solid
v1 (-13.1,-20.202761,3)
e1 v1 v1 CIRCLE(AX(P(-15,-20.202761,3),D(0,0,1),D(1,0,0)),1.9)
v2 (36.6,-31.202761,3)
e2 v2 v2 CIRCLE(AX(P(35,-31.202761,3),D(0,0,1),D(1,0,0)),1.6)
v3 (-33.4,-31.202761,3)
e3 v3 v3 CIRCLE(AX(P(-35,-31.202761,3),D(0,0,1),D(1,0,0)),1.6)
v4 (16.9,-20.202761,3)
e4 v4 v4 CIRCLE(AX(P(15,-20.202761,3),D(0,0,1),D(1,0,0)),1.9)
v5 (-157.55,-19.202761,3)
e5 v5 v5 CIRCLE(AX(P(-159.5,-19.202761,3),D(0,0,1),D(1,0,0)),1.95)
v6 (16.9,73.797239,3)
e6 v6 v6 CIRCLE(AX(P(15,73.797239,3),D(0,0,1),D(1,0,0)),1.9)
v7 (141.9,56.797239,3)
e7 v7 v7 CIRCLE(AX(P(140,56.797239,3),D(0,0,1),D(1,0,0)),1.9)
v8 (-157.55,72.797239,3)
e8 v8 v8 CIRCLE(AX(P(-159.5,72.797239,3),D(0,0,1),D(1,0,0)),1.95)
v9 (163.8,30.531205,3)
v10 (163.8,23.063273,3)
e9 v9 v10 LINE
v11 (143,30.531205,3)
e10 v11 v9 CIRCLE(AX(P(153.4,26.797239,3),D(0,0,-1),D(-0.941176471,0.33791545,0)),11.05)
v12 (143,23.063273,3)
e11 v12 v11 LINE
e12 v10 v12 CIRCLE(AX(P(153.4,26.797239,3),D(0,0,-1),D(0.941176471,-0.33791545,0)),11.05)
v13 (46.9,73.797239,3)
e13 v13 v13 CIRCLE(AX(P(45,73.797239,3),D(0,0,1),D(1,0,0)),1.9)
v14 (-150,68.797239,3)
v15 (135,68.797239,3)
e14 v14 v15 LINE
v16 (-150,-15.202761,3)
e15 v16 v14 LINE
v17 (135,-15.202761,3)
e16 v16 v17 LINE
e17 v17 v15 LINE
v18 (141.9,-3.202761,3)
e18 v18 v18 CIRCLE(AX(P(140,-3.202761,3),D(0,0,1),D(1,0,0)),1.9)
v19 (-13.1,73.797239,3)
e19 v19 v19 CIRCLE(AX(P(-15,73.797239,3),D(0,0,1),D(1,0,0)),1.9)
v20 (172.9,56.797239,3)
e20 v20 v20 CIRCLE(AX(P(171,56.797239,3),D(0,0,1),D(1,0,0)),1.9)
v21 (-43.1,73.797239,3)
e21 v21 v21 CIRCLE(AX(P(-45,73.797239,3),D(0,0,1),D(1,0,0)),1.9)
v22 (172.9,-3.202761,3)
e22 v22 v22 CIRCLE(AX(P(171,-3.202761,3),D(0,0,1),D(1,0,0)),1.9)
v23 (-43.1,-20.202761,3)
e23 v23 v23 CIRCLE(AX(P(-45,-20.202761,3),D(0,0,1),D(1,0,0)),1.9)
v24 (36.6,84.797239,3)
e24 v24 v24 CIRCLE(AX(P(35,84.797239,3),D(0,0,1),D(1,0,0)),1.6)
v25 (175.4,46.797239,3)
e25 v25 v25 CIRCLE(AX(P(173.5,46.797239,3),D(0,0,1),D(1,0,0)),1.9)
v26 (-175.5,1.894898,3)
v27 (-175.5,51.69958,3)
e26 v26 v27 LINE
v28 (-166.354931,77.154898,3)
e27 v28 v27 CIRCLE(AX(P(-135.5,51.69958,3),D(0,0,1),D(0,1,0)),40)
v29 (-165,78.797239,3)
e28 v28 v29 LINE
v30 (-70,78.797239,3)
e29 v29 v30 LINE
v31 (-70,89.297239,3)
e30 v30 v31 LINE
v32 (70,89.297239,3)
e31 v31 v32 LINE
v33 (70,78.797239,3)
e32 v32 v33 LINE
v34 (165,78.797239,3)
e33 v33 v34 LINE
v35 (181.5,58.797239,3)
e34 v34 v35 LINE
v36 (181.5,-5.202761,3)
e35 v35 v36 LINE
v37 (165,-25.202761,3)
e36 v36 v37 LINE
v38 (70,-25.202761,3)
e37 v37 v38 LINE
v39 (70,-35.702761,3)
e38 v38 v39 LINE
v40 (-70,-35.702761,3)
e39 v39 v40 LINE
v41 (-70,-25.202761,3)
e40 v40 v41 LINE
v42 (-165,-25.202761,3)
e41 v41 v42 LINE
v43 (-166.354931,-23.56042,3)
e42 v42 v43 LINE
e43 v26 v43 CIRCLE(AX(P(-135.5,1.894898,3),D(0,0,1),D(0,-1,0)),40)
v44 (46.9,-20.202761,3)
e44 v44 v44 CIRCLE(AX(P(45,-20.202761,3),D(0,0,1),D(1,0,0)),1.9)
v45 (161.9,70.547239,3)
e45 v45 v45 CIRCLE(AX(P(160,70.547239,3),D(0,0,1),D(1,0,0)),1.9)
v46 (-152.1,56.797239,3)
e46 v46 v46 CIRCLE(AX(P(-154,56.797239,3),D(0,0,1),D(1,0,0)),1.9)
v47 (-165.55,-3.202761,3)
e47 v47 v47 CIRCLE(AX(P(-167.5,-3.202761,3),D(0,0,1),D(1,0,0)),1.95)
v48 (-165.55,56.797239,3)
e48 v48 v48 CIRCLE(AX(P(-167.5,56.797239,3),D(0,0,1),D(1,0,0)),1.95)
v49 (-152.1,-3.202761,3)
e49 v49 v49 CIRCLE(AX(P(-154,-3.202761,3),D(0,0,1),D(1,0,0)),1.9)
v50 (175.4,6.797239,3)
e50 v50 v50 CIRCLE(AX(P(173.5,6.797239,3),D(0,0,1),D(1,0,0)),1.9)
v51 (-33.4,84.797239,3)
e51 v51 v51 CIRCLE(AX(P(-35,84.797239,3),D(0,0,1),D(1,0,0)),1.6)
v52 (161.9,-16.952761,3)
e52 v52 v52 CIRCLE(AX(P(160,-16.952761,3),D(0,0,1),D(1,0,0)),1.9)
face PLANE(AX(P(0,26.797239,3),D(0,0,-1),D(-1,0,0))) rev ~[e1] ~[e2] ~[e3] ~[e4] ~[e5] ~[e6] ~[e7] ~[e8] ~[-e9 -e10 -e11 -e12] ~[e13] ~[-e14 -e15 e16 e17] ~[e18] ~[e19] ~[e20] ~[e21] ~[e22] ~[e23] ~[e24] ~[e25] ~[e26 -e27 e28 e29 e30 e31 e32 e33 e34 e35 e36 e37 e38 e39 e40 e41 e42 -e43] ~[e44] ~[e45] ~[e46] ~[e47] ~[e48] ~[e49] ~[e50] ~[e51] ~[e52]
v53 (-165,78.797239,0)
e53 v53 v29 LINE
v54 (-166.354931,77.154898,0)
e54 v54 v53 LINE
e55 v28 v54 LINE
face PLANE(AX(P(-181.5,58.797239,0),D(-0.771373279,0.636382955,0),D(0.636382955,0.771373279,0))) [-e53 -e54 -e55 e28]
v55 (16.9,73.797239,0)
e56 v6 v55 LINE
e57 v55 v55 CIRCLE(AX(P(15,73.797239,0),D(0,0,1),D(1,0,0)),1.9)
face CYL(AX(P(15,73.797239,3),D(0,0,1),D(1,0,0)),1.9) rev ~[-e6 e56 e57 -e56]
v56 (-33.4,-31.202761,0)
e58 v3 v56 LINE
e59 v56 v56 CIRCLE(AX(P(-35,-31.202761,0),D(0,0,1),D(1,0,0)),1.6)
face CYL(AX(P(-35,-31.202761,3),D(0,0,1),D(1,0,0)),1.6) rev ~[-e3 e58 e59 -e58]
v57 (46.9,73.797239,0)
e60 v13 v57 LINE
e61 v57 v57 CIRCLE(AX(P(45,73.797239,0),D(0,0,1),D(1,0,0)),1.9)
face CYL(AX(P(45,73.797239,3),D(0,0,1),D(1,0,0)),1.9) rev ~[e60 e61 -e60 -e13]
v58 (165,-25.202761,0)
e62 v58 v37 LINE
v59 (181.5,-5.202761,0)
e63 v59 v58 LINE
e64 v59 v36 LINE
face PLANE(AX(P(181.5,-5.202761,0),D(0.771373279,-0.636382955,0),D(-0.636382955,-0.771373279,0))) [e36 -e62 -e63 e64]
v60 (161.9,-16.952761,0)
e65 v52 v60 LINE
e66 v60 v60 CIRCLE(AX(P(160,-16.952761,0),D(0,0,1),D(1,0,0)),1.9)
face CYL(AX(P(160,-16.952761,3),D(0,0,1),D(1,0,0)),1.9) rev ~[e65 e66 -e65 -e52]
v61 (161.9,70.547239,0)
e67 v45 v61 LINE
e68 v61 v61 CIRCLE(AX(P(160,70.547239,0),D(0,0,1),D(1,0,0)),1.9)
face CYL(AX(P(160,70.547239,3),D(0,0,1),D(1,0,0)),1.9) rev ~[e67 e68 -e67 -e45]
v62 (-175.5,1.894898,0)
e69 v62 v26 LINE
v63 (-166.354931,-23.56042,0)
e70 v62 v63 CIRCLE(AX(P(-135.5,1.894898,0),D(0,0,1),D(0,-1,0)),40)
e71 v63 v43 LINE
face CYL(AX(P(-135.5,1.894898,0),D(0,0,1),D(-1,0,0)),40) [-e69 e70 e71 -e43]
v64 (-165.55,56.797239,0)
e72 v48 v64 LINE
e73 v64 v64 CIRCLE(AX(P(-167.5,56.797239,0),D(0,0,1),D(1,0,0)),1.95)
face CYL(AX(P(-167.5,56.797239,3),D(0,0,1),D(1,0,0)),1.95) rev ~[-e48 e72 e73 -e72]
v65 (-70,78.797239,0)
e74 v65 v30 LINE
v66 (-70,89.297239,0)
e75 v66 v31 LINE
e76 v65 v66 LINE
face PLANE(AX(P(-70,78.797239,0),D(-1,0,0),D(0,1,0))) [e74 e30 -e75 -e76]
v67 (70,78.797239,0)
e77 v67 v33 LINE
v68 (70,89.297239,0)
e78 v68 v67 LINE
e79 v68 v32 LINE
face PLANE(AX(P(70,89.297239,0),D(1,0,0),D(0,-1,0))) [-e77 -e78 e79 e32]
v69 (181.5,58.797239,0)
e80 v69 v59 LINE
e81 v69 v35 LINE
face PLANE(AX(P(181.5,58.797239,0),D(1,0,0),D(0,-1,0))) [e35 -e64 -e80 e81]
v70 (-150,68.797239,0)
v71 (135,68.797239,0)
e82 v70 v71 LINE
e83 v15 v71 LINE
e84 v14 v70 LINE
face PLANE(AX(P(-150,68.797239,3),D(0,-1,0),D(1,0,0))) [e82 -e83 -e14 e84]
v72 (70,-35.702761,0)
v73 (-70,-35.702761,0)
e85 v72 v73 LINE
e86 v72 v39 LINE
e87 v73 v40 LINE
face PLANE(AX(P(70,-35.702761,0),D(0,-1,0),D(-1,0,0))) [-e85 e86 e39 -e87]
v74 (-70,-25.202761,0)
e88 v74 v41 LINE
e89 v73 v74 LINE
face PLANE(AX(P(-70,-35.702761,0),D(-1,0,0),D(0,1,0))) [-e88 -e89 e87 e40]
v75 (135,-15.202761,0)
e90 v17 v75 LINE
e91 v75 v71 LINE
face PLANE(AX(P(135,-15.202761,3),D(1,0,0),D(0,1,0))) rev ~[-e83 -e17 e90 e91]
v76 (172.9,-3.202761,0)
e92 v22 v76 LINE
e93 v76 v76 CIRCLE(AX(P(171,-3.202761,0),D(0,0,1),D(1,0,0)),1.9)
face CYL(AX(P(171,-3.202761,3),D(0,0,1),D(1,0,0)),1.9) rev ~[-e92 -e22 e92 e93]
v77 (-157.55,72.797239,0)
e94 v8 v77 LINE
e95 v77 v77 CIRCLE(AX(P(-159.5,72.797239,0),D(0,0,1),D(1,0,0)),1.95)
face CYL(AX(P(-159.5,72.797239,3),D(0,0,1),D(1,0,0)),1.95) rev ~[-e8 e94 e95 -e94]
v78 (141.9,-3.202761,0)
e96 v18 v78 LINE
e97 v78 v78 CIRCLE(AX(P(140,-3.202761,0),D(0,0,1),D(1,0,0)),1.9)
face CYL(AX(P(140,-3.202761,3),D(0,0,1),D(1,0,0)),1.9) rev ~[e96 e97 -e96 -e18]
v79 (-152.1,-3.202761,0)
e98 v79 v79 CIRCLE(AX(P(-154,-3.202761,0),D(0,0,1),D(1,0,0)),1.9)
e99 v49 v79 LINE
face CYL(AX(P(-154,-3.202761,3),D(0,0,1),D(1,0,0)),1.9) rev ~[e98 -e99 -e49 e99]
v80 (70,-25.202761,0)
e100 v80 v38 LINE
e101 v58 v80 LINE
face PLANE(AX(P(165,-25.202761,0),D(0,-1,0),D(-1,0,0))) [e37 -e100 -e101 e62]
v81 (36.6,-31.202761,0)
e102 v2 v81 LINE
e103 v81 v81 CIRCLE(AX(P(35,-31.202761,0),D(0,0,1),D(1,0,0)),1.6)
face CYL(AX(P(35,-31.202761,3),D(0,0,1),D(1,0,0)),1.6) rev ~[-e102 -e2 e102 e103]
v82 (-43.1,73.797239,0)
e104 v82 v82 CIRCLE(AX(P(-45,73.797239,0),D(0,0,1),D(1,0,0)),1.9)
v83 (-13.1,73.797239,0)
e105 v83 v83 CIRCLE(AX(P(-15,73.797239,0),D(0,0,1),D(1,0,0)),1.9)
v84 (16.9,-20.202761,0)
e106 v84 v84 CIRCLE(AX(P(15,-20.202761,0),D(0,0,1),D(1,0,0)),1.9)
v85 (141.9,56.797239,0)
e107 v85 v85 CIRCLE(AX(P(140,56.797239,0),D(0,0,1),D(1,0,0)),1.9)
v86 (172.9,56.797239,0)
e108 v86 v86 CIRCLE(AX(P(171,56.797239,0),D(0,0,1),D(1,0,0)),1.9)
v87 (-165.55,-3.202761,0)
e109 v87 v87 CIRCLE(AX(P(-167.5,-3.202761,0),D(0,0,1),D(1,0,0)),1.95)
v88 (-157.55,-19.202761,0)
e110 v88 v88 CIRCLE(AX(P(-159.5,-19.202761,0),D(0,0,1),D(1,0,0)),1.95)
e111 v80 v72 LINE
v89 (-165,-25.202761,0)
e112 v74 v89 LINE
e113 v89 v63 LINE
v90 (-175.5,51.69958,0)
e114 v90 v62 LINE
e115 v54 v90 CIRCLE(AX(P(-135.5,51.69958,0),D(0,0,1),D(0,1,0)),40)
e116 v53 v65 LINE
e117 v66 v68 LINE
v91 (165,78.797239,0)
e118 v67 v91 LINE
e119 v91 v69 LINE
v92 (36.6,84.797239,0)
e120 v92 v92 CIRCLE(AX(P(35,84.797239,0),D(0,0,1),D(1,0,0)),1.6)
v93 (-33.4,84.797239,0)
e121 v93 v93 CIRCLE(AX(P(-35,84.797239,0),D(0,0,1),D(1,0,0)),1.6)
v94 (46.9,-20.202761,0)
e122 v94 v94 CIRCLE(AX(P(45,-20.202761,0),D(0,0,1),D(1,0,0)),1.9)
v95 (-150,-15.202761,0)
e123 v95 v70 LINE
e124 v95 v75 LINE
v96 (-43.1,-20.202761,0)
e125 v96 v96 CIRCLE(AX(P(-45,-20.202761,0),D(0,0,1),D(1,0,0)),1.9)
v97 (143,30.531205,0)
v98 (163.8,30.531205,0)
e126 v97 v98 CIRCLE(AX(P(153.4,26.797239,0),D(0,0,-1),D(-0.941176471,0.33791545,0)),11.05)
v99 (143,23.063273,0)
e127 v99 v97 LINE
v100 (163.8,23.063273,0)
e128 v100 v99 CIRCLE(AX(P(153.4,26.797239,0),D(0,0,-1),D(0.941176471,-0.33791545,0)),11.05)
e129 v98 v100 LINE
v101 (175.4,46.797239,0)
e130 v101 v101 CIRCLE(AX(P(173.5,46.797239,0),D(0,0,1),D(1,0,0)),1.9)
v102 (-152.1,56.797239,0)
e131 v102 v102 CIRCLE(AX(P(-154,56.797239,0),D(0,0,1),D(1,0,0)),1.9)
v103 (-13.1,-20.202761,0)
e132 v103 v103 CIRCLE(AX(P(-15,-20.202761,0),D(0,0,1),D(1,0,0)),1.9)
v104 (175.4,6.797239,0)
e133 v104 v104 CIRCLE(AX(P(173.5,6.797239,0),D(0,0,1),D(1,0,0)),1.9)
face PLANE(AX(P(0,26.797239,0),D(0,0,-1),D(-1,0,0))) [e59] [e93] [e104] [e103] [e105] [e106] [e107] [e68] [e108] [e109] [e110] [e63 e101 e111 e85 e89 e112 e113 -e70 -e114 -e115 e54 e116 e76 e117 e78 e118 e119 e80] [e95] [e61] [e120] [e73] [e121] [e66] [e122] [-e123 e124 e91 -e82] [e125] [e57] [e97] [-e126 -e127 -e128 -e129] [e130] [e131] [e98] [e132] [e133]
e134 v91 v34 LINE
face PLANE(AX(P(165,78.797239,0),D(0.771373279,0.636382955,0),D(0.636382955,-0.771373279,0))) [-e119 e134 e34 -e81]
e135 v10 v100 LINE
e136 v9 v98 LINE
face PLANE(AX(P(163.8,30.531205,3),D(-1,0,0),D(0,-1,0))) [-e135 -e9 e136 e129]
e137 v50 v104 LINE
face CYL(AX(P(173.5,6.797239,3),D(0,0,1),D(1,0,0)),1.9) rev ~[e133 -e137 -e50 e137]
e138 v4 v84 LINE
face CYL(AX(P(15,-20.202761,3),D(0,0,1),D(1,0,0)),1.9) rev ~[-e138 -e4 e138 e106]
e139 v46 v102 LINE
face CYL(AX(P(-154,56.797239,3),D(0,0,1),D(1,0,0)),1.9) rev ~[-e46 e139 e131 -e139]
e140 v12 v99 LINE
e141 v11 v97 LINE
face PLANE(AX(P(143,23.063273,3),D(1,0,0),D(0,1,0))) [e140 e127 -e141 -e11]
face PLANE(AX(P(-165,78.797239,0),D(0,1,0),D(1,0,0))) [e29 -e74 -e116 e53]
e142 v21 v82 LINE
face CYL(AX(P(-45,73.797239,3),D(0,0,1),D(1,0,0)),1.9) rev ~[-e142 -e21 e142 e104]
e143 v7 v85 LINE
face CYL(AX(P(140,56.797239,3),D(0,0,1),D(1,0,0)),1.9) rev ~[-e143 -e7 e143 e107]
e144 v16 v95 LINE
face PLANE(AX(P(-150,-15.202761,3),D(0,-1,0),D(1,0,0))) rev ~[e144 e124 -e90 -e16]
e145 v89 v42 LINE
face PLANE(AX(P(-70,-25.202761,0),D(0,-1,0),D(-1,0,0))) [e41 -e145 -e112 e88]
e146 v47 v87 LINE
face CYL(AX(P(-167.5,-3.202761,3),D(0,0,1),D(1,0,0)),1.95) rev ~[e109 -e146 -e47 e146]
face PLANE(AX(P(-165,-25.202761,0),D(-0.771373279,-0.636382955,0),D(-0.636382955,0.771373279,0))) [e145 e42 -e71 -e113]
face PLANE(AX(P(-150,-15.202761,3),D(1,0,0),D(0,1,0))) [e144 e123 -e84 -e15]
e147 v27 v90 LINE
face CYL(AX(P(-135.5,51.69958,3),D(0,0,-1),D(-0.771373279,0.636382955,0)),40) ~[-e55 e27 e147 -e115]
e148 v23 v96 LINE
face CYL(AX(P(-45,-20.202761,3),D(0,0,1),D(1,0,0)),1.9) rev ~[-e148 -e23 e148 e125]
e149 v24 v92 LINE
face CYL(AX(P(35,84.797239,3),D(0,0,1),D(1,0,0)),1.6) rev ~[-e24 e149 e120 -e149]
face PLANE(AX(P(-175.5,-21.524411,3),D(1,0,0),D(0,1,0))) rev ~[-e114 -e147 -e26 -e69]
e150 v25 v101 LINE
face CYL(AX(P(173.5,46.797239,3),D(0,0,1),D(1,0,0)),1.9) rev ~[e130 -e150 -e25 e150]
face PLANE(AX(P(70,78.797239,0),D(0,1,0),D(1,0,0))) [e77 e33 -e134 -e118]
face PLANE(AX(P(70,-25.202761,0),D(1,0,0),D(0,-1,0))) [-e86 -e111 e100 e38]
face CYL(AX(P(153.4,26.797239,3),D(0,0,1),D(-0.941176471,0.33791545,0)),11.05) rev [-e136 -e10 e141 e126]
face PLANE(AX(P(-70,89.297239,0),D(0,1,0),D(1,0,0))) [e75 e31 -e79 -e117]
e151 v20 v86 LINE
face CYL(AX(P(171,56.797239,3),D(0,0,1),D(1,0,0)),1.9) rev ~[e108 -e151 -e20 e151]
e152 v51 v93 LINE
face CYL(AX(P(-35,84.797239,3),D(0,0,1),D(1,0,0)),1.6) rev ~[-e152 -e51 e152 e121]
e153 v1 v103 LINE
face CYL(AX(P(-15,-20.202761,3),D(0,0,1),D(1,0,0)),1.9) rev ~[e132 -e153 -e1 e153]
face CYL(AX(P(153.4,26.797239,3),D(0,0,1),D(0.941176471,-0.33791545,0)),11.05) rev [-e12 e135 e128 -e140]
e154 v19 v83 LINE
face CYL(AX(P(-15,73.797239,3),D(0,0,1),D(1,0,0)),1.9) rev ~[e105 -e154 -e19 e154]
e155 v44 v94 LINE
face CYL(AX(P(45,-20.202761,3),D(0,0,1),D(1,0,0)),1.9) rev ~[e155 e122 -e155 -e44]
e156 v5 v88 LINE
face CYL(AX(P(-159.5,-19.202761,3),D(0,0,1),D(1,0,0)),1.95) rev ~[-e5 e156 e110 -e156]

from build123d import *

# Parameters (mm, degrees)
BOSS_EXTRUDE1_DEPTH            = 3
SKETCH2_W                      = 285
SKETCH2_H                      = 84
CUT_EXTRUDE1_DEPTH             = 3
SKETCH3_R                      = 1.95
SKETCH3_R_2                    = 1.6
CUT_EXTRUDE2_DEPTH             = 3
CUT_EXTRUDE3_DEPTH             = 3
SKETCH5_R                      = 1.9
CUT_EXTRUDE4_DEPTH             = 3
SKETCH7_W                      = 36.585559037
SKETCH7_H                      = 111.194930045
CUT_EXTRUDE5_DEPTH             = 10
FILLET1_R                      = 40
SKETCH6_R                      = 1.9
EXPANSION_MOUNTING_HOLES_DEPTH = 10


with BuildPart() as part:
    # Sketch1 → Boss-Extrude1 (new body)
    with BuildSketch(Plane.XY):
        Polygon((-70, 89.297239119), (70, 89.297239119), (70, 78.797239119), (165, 78.797239119), (181.5, 58.797239119), (181.5, -5.202760881), (165, -25.202760881), (70, -25.202760881), (70, -35.702760881), (-70, -35.702760881), (-70, -25.202760881), (-165, -25.202760881), (-181.5, -5.202760881), (-181.5, 58.797239119), (-165, 78.797239119), (-70, 78.797239119), align=None)
    extrude(amount=BOSS_EXTRUDE1_DEPTH)

    # Sketch2 → Cut-Extrude1 (cut)
    with BuildSketch(Plane.XY.offset(3)):
        with Locations((-7.5, 26.797239119)):
            Rectangle(SKETCH2_W, SKETCH2_H)
    extrude(amount=-CUT_EXTRUDE1_DEPTH, mode=Mode.SUBTRACT)

    # Sketch3 → Cut-Extrude2 (cut)
    with BuildSketch(Plane.XY.offset(3)):
        with Locations((-167.5, -3.202760881)):
            Circle(SKETCH3_R)
        with Locations((-167.5, 56.797239119)):
            Circle(SKETCH3_R)
        with Locations((-35, -31.202760881)):
            Circle(SKETCH3_R_2)
        with Locations((35, -31.202760881)):
            Circle(SKETCH3_R_2)
        with Locations((-35, 84.797239119)):
            Circle(SKETCH3_R_2)
        with Locations((35, 84.797239119)):
            Circle(SKETCH3_R_2)
        with Locations((-159.5, 72.797239119)):
            Circle(SKETCH3_R)
        with Locations((-159.5, -19.202760881)):
            Circle(SKETCH3_R)
    extrude(amount=-CUT_EXTRUDE2_DEPTH, mode=Mode.SUBTRACT)

    # Sketch4 → Cut-Extrude3 (cut)
    with BuildSketch(Plane.XY.offset(3)):
        with BuildLine():
            Line((163.8, 30.531204839), (163.8, 23.063273399))
            ThreePointArc((163.8, 23.063273399), (153.4, 15.747239119), (143, 23.063273399))
            Line((143, 23.063273399), (143, 30.531204839))
            ThreePointArc((143, 30.531204839), (153.4, 37.847239119), (163.8, 30.531204839))
        make_face()
    extrude(amount=-CUT_EXTRUDE3_DEPTH, mode=Mode.SUBTRACT)

    # Sketch5 → Cut-Extrude4 (cut)
    with BuildSketch(Plane.XY.offset(3)):
        with Locations((173.5, 6.797239119)):
            Circle(SKETCH5_R)
        with Locations((173.5, 46.797239119)):
            Circle(SKETCH5_R)
        with Locations((140, 56.797239119)):
            Circle(SKETCH5_R)
        with Locations((140, -3.202760881)):
            Circle(SKETCH5_R)
        with Locations((160, 70.547239119)):
            Circle(SKETCH5_R)
        with Locations((160, -16.952760881)):
            Circle(SKETCH5_R)
    extrude(amount=-CUT_EXTRUDE4_DEPTH, mode=Mode.SUBTRACT)

    # Sketch7 → Cut-Extrude5 (cut)
    with BuildSketch(Plane.XY.offset(3)):
        with Locations((-193.792779519, 34.073054392)):
            Rectangle(SKETCH7_W, SKETCH7_H)
    extrude(amount=-CUT_EXTRUDE5_DEPTH, mode=Mode.SUBTRACT)

    # Fillet1
    fillet1_edges = [part.edges().sort_by_distance(p)[0] for p in [
        (-175.5, 66.069966392, 1.5),
        (-175.5, -12.475488154, 1.5),
    ]]
    fillet(fillet1_edges, radius=FILLET1_R)

    # Sketch6 → Expansion mounting holes (cut)
    with BuildSketch(Plane.XY.offset(3)):
        with Locations((171, 56.797239119)):
            Circle(SKETCH6_R)
        with Locations((171, -3.202760881)):
            Circle(SKETCH6_R)
        with Locations((-154, 56.797239119)):
            Circle(SKETCH6_R)
        with Locations((-154, -3.202760881)):
            Circle(SKETCH6_R)
        with Locations((-45, 73.797239119)):
            Circle(SKETCH6_R)
        with Locations((-45, -20.202760881)):
            Circle(SKETCH6_R)
        with Locations((-15, -20.202760881)):
            Circle(SKETCH6_R)
        with Locations((-15, 73.797239119)):
            Circle(SKETCH6_R)
        with Locations((15, -20.202760881)):
            Circle(SKETCH6_R)
        with Locations((15, 73.797239119)):
            Circle(SKETCH6_R)
        with Locations((45, -20.202760881)):
            Circle(SKETCH6_R)
        with Locations((45, 73.797239119)):
            Circle(SKETCH6_R)
    extrude(amount=-EXPANSION_MOUNTING_HOLES_DEPTH, mode=Mode.SUBTRACT)


solid = part.part
